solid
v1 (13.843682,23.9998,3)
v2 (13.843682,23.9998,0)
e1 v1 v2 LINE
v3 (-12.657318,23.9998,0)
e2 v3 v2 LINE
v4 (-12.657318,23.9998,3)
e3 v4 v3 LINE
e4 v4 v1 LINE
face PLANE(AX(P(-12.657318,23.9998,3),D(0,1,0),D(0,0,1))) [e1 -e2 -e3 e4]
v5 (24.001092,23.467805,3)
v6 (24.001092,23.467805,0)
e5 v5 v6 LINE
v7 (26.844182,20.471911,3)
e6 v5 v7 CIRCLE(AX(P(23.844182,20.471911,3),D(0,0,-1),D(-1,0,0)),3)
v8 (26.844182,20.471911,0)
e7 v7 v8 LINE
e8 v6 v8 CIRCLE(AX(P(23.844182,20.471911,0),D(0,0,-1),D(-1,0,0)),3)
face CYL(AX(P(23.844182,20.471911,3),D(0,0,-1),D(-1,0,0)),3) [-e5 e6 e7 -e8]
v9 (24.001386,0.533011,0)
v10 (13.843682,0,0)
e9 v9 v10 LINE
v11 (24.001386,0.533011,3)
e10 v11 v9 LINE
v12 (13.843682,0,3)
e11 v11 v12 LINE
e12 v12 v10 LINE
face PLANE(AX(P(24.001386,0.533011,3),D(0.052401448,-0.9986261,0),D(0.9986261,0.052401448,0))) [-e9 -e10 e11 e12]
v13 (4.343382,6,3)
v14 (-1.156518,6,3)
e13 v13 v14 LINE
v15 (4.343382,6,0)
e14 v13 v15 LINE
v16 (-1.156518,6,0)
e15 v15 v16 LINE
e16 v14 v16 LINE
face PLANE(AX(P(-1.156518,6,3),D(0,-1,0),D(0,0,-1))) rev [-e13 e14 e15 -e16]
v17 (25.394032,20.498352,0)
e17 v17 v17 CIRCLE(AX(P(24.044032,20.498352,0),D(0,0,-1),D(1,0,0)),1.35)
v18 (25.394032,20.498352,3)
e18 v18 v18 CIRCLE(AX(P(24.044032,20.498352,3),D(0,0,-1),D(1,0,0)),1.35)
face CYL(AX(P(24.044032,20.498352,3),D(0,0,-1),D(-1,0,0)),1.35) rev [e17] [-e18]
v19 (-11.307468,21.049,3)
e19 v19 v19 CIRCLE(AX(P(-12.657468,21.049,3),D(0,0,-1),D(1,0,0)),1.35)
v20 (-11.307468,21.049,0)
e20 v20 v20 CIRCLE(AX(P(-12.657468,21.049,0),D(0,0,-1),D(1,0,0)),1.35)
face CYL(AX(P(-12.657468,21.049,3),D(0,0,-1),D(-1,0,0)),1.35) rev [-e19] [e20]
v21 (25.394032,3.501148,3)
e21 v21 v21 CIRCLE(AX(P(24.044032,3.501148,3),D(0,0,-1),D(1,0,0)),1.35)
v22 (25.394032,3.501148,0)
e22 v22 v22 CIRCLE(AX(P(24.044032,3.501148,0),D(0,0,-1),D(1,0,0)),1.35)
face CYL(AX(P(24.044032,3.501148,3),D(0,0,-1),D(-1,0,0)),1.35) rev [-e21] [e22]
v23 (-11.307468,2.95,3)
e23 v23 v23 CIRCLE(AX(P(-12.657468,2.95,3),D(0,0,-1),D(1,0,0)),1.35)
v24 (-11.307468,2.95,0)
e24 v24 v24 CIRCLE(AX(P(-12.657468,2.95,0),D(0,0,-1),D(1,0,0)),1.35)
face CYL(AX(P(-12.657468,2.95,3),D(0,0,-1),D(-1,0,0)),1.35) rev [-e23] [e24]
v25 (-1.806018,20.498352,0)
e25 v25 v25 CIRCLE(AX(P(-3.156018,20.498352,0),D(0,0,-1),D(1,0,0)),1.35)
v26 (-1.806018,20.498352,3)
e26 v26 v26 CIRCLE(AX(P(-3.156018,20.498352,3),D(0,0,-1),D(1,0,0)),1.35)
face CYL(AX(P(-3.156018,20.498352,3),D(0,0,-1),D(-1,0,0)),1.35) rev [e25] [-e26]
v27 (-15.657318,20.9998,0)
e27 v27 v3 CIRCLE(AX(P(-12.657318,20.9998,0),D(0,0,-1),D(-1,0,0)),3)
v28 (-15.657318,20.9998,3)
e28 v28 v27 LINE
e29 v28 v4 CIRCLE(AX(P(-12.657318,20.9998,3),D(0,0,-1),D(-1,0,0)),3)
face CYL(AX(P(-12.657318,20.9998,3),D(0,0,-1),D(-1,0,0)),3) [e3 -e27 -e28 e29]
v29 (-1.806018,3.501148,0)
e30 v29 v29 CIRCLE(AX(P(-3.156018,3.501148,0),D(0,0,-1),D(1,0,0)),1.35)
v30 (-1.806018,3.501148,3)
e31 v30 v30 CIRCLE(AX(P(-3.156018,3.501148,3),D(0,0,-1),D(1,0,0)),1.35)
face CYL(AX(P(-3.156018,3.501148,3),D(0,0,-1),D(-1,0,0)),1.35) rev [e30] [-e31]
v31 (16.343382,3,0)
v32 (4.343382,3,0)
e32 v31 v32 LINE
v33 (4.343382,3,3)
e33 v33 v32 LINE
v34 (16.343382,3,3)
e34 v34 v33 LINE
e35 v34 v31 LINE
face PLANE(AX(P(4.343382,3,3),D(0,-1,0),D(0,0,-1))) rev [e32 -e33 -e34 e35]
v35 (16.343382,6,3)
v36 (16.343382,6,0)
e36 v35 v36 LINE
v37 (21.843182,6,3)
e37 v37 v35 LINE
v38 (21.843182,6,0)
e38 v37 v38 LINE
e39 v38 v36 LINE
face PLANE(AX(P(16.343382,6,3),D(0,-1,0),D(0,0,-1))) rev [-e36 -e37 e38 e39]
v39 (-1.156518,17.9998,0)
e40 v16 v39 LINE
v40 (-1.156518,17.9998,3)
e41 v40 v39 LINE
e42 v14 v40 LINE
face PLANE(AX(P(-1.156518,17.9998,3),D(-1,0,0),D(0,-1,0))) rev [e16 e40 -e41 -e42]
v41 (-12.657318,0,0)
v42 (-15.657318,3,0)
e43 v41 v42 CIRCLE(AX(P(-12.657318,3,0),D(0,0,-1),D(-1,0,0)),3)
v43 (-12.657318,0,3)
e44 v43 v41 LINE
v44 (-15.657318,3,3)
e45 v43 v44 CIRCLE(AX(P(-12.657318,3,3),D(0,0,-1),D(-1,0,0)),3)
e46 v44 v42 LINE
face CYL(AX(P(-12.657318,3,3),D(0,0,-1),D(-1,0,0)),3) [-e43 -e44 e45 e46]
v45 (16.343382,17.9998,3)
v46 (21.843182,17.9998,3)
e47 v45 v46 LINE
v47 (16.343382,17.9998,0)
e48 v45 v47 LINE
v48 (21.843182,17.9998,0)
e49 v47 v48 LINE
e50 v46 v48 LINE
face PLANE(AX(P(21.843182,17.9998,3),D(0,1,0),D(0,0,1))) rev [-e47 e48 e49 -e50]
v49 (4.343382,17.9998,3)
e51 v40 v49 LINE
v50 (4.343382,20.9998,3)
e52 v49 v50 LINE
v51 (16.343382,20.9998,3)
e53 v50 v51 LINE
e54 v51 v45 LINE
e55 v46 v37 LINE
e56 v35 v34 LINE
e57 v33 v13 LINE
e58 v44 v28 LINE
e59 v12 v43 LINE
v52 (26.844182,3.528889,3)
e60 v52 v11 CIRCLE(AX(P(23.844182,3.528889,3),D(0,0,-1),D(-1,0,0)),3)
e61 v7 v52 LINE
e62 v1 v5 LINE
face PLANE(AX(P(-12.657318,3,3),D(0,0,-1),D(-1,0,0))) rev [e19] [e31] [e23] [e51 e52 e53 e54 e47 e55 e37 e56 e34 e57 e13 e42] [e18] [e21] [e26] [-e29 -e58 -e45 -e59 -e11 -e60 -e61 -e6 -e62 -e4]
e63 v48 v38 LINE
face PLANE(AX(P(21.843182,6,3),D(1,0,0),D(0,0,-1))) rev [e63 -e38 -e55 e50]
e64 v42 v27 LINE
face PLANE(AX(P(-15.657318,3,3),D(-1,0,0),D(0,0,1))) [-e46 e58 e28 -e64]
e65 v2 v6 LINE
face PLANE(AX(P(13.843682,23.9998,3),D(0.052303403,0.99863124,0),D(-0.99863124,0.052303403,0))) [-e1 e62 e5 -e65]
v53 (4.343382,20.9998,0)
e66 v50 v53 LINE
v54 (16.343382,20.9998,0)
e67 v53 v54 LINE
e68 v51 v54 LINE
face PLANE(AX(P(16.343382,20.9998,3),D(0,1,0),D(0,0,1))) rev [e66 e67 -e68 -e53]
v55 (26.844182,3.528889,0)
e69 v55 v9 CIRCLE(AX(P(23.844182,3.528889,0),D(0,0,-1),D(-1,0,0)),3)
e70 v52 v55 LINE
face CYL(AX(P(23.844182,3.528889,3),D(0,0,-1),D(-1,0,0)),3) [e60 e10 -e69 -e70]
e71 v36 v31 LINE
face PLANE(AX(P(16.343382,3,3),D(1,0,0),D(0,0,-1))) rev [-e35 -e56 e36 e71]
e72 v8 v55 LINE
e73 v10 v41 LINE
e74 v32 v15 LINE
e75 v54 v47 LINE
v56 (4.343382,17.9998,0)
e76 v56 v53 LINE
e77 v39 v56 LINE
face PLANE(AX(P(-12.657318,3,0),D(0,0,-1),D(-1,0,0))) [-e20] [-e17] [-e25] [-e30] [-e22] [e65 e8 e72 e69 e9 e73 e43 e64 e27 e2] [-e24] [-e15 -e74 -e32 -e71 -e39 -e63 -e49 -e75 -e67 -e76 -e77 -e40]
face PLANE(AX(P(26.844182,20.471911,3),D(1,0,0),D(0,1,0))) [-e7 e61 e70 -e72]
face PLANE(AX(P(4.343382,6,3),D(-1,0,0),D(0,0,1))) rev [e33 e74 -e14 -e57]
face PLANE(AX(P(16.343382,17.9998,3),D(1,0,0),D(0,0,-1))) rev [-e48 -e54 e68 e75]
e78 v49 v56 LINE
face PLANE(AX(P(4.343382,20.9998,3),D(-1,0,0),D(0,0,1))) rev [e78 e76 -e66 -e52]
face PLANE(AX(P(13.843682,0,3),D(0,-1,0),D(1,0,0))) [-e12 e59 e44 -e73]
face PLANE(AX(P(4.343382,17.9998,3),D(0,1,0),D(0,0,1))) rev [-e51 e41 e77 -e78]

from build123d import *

# Parameters (mm, degrees)
SKETCH_1_R      = 1.35
EXTRUDE_1_DEPTH = 3


with BuildPart() as part:
    # 草图1 → 凸台-拉伸1 (new body)
    with BuildSketch(Plane(origin=(0, 0, 0), x_dir=(-1, 0, 0), z_dir=(0, 0, -1))):
        with BuildLine():
            Line((15.657318156, 3), (15.657318156, 20.9998))
            ThreePointArc((15.657318156, 20.9998), (14.7786385, 23.121120344), (12.657318156, 23.9998))
            Line((12.657318156, 23.9998), (-13.843681844, 23.9998))
            Line((-13.843681844, 23.9998), (-24.001092054, 23.467804703))
            ThreePointArc((-24.001092054, 23.467804703), (-26.020271299, 22.537010177), (-26.844181844, 20.471910982))
            Line((-26.844181844, 20.471910982), (-26.844181844, 3.528889024))
            ThreePointArc((-26.844181844, 3.528889024), (-26.020372671, 1.463896655), (-24.001386189, 0.533010723))
            Line((-24.001386189, 0.533010723), (-13.843681844, 0))
            Line((-13.843681844, 0), (12.657318156, 0))
            ThreePointArc((12.657318156, 0), (14.7786385, 0.878679656), (15.657318156, 3))
        make_face()
        with Locations(Location((-24.044031844, 3.501148349, 0), (0, 0, 180))):
            Circle(SKETCH_1_R, mode=Mode.SUBTRACT)
        with Locations(Location((-24.044031844, 20.498351651, 0), (0, 0, 180))):
            Circle(SKETCH_1_R, mode=Mode.SUBTRACT)
        with Locations(Location((3.156018156, 20.498351651, 0), (0, 0, 180))):
            Circle(SKETCH_1_R, mode=Mode.SUBTRACT)
        with Locations(Location((3.156018156, 3.501148349, 0), (0, 0, 180))):
            Circle(SKETCH_1_R, mode=Mode.SUBTRACT)
        with Locations(Location((12.657468156, 2.95, 0), (0, 0, 180))):
            Circle(SKETCH_1_R, mode=Mode.SUBTRACT)
        with Locations(Location((12.657468156, 21.049, 0), (0, 0, 180))):
            Circle(SKETCH_1_R, mode=Mode.SUBTRACT)
        Polygon((-4.343381844, 20.9998), (-4.343381844, 17.9998), (1.156518156, 17.9998), (1.156518156, 6), (-4.343381844, 6), (-4.343381844, 3), (-16.343381844, 3), (-16.343381844, 6), (-21.843181844, 6), (-21.843181844, 17.9998), (-16.343381844, 17.9998), (-16.343381844, 20.9998), align=None, mode=Mode.SUBTRACT)
    extrude(amount=-EXTRUDE_1_DEPTH)


solid = part.part
